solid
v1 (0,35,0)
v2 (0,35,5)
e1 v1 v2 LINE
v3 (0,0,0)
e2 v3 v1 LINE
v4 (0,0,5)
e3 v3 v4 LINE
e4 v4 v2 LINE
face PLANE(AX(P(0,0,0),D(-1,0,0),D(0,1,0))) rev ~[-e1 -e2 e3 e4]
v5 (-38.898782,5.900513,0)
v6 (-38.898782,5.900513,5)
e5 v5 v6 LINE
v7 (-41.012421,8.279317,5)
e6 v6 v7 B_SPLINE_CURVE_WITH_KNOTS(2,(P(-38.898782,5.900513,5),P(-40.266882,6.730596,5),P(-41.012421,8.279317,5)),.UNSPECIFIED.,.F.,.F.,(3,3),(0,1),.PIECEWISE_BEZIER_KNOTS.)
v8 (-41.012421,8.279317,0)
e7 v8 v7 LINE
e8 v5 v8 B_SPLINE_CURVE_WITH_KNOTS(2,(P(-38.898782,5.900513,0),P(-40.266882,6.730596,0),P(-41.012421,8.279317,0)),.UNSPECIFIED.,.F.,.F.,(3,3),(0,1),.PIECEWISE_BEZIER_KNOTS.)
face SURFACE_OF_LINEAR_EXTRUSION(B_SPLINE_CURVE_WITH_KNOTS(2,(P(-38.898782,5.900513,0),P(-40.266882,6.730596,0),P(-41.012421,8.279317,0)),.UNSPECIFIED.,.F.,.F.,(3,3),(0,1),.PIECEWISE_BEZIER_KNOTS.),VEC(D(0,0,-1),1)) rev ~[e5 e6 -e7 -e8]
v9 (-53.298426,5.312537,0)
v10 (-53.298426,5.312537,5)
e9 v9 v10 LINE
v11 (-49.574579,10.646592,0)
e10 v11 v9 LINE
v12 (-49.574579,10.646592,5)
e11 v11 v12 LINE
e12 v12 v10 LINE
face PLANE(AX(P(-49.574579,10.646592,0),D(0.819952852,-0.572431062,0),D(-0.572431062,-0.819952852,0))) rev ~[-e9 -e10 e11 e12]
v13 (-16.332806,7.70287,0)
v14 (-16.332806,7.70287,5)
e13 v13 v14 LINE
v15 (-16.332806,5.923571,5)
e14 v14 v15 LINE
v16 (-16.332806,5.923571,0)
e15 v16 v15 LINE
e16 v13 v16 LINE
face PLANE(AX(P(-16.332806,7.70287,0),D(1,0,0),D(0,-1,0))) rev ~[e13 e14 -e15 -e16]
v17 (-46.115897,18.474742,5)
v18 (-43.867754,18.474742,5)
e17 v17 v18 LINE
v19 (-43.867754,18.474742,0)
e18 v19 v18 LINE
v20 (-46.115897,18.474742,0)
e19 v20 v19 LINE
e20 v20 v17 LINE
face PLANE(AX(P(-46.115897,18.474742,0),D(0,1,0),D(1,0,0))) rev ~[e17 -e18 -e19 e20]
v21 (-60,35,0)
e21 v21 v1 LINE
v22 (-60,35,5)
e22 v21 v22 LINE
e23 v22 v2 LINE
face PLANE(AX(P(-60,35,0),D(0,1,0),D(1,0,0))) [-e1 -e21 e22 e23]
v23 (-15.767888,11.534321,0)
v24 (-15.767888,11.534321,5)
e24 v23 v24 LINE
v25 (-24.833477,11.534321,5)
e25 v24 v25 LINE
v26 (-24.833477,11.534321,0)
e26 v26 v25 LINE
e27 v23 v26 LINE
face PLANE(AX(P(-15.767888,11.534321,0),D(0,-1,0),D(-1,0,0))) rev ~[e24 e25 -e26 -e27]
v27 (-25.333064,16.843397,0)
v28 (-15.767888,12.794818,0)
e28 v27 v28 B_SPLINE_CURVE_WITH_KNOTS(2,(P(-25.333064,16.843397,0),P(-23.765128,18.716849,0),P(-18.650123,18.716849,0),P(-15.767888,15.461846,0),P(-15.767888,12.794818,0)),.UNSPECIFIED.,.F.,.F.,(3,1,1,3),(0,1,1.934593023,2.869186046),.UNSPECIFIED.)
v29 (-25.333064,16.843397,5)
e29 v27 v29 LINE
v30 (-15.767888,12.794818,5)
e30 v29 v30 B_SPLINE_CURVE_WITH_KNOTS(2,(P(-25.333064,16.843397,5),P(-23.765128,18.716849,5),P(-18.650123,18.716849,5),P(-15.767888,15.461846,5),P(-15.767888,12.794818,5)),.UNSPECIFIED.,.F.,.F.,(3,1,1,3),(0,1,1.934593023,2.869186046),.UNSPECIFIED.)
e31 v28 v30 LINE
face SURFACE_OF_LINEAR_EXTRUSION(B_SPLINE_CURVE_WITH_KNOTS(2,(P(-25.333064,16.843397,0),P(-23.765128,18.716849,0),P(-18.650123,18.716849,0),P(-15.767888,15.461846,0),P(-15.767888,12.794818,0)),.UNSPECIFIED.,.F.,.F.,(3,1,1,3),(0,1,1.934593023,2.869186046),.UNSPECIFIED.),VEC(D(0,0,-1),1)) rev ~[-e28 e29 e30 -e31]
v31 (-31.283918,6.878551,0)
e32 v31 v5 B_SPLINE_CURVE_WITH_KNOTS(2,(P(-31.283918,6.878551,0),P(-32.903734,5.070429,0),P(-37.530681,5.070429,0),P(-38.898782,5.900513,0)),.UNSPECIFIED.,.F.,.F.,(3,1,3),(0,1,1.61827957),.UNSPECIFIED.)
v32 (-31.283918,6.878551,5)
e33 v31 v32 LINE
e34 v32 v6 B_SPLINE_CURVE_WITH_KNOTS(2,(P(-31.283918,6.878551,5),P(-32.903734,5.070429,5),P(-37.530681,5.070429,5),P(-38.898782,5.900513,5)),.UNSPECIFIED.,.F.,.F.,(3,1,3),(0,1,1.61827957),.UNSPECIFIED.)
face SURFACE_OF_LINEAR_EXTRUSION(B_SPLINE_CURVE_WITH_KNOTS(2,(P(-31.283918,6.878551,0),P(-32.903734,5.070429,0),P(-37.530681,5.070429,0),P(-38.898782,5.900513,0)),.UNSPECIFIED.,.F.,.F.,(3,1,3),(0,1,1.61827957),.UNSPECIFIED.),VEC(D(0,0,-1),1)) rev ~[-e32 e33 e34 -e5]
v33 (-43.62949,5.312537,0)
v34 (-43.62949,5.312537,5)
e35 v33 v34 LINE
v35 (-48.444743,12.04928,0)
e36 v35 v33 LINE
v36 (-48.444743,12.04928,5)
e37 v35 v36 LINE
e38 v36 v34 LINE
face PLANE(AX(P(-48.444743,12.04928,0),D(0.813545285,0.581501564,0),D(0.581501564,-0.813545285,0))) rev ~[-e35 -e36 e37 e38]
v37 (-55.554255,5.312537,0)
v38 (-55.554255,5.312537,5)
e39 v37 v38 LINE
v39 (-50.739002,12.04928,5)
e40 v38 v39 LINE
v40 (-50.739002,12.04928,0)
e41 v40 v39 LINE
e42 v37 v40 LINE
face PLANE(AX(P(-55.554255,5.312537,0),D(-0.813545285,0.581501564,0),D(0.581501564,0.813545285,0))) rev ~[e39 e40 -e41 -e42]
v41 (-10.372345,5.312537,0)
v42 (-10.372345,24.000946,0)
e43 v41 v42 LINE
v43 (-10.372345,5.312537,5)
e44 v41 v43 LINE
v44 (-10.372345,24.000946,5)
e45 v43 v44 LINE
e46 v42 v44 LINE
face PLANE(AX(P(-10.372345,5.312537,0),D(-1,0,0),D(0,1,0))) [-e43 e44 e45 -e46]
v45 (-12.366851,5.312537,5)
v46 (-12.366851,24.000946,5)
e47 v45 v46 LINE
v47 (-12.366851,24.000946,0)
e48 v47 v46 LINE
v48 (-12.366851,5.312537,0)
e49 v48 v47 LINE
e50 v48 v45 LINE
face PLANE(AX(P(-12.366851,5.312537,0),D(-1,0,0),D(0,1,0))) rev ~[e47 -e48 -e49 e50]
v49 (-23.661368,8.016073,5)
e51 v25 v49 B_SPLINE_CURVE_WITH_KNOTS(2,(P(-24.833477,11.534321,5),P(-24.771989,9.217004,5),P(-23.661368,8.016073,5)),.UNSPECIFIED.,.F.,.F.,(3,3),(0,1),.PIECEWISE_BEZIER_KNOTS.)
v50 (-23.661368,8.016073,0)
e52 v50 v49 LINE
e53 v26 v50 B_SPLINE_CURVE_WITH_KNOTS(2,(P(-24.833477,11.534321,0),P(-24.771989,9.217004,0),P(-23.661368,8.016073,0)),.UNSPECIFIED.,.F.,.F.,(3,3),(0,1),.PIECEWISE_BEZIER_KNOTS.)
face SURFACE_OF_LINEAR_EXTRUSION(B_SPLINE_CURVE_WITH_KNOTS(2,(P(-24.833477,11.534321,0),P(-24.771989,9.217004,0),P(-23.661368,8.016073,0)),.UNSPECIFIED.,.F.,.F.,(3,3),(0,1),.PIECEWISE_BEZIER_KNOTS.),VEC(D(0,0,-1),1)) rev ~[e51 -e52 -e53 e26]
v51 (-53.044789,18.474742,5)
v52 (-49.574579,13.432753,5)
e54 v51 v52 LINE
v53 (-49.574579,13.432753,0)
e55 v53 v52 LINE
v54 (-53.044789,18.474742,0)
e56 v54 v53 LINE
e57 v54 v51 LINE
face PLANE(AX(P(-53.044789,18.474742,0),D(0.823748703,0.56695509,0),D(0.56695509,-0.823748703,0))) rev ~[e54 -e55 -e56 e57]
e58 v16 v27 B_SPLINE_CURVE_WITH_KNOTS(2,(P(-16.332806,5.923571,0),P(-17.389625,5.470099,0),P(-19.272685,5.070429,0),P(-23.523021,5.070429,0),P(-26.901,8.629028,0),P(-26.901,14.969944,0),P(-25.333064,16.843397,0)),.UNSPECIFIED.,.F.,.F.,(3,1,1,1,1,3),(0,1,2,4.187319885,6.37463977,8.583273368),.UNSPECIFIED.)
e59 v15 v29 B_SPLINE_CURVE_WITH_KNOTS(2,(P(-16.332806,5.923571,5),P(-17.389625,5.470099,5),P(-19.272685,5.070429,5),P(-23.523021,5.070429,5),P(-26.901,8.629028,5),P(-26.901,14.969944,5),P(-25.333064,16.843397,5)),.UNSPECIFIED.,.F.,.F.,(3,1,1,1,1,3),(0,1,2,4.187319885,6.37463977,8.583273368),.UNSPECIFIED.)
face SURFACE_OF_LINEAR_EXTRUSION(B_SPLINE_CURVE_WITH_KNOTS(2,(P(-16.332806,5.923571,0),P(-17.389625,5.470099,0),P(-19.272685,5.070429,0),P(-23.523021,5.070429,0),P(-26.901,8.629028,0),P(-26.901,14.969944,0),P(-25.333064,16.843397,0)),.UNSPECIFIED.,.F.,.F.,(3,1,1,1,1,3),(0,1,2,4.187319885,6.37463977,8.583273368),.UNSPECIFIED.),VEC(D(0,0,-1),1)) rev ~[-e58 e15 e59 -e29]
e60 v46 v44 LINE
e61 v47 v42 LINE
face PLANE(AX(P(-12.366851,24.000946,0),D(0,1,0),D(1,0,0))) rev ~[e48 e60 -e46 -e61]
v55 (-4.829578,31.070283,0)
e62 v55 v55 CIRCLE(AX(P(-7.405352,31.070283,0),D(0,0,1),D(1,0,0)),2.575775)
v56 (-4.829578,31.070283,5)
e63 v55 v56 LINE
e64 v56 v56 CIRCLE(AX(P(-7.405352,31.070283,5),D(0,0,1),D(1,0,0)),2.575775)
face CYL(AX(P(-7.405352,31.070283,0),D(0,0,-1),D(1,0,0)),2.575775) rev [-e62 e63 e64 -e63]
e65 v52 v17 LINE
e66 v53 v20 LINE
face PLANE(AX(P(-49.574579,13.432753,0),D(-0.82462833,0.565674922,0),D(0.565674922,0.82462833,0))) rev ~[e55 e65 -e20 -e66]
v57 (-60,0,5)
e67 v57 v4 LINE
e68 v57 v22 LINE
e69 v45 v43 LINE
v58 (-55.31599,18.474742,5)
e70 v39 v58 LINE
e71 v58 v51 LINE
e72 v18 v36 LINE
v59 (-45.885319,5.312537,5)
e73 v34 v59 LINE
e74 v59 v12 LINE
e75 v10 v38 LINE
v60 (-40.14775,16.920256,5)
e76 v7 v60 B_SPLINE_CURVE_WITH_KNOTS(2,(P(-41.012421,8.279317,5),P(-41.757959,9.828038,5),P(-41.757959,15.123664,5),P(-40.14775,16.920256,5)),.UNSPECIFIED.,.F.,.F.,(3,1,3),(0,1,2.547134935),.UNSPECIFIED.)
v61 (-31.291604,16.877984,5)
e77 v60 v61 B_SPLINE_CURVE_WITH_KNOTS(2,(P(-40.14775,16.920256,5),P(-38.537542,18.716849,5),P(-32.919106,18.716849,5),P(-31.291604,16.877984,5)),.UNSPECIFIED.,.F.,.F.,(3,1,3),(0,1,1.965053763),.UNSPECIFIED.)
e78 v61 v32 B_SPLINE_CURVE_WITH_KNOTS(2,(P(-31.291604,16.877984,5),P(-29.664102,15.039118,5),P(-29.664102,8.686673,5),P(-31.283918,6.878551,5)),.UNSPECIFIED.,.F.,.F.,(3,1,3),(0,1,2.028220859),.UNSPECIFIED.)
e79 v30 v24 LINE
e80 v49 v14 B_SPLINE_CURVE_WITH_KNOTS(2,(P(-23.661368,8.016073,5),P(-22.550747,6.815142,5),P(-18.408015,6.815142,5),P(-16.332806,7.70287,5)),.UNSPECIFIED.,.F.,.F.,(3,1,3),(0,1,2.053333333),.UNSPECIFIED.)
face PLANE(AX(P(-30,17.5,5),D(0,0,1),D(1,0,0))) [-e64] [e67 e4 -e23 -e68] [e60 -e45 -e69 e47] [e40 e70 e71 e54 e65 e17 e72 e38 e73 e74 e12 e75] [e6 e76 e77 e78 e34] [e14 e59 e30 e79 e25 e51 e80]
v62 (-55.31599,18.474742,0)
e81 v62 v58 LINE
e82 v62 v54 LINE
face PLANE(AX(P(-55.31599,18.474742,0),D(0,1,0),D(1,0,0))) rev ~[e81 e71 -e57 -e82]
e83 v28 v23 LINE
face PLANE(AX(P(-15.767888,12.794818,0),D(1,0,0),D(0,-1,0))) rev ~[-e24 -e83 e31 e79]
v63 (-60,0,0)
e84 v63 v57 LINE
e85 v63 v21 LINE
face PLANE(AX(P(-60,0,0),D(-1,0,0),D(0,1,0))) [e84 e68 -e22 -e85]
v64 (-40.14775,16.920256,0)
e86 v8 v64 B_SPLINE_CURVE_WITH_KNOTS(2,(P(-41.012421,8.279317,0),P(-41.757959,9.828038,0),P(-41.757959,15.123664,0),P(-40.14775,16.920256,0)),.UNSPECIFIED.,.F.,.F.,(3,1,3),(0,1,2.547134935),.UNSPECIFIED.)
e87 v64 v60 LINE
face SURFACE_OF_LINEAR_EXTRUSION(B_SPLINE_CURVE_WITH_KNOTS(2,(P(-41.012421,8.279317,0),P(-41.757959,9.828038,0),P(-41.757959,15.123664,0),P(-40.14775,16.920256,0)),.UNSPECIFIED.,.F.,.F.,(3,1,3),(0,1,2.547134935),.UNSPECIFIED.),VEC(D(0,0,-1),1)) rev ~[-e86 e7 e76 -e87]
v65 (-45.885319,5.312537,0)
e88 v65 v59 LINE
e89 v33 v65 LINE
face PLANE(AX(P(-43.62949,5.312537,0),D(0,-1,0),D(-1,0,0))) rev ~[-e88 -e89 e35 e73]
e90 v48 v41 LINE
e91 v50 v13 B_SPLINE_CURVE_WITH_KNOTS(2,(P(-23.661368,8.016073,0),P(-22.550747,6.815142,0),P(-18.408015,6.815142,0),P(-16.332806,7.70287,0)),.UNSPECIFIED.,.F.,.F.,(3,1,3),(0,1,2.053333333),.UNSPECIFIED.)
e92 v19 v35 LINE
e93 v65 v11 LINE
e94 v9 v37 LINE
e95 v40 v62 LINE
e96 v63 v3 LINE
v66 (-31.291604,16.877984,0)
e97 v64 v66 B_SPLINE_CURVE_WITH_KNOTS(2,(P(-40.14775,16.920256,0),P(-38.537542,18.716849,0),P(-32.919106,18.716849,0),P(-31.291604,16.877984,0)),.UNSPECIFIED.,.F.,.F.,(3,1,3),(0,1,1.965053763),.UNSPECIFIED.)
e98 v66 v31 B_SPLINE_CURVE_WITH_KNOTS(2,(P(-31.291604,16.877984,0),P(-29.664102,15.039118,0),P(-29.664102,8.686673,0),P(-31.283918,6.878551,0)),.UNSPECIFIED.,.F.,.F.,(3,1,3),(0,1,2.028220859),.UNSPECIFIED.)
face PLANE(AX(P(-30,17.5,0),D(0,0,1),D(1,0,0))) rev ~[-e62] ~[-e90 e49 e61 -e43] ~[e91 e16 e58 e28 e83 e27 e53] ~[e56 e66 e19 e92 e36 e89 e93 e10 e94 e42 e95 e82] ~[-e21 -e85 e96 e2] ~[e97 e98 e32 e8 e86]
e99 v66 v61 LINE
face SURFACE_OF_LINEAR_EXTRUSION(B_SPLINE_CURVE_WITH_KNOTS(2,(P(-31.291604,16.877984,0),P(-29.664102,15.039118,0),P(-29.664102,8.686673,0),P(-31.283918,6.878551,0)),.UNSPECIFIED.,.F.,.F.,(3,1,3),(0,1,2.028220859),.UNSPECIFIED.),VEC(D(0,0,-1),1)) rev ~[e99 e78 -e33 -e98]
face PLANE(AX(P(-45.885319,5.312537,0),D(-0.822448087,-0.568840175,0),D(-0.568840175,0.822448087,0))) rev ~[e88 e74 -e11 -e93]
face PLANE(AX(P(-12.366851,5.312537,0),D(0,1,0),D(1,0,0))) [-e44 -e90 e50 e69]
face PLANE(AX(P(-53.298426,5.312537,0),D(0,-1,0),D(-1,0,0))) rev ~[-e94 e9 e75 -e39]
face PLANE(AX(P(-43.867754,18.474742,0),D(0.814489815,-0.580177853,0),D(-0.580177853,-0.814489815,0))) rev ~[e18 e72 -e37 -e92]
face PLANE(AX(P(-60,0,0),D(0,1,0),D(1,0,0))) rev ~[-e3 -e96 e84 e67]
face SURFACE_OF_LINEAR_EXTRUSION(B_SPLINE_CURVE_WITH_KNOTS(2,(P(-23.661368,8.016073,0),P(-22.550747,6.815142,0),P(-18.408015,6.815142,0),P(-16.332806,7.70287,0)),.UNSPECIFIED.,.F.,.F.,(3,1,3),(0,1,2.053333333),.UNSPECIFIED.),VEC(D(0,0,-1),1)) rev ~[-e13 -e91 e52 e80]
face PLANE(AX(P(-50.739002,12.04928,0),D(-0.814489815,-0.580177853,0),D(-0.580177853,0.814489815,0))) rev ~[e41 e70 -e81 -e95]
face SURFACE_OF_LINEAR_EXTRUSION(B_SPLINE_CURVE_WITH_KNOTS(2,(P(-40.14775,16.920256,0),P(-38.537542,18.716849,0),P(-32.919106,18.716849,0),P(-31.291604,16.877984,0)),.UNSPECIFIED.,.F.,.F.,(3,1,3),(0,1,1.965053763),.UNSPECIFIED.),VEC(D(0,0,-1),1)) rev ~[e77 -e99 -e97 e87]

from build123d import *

# Parameters (mm, degrees)
F0_W     = 60
F0_H     = 35
F0_W_2   = 1.9945063705
F0_H_2   = 18.6884094019
F0_R     = 2.5757746771
F1_DEPTH = 5


with BuildPart() as f1:
    # F0 (on Top) → F1 (new body)
    with BuildSketch(Plane.XY):
        with Locations((-30, 17.5)):
            Rectangle(F0_W, F0_H)
        Polygon((-55.554255027, 5.3125368431), (-50.7390016895, 12.0492799403), (-55.3159902969, 18.4747416964), (-53.044789401, 18.4747416964), (-49.5745788952, 13.4327525672), (-46.1158973279, 18.4747416964), (-43.8677543092, 18.4747416964), (-48.4447429165, 12.0492799403), (-43.629489579, 5.3125368431), (-45.8853185567, 5.3125368431), (-49.5745788952, 10.6465924158), (-53.2984260493, 5.3125368431), align=None, mode=Mode.SUBTRACT)
        with BuildLine():
            add(Edge.make_bspline(
                [(-31.2916038326, 16.8779837062), (-29.6641020062, 15.0391180062), (-29.6641020062, 11.9070896981)],
                knots=[0, 0, 0, 1, 1, 1], degree=2))
            add(Edge.make_bspline(
                [(-29.6641020062, 11.9070896981), (-29.6641020062, 8.686672861), (-31.2839178735, 6.8785509972)],
                knots=[0, 0, 0, 1, 1, 1], degree=2))
            add(Edge.make_bspline(
                [(-31.2839178735, 6.8785509972), (-32.9037337409, 5.0704291334), (-35.7629105032, 5.0704291334)],
                knots=[0, 0, 0, 1, 1, 1], degree=2))
            add(Edge.make_bspline(
                [(-35.7629105032, 5.0704291334), (-37.530681082, 5.0704291334), (-38.8987817908, 5.9005127096)],
                knots=[0, 0, 0, 1, 1, 1], degree=2))
            add(Edge.make_bspline(
                [(-38.8987817908, 5.9005127096), (-40.2668824997, 6.7305962857), (-41.0124205264, 8.2793170319)],
                knots=[0, 0, 0, 1, 1, 1], degree=2))
            add(Edge.make_bspline(
                [(-41.0124205264, 8.2793170319), (-41.7579585531, 9.8280377782), (-41.7579585531, 11.9070896981)],
                knots=[0, 0, 0, 1, 1, 1], degree=2))
            add(Edge.make_bspline(
                [(-41.7579585531, 11.9070896981), (-41.7579585531, 15.1236635556), (-40.1477501346, 16.9202564809)],
                knots=[0, 0, 0, 1, 1, 1], degree=2))
            add(Edge.make_bspline(
                [(-40.1477501346, 16.9202564809), (-38.537541716, 18.7168494061), (-35.6783649537, 18.7168494061)],
                knots=[0, 0, 0, 1, 1, 1], degree=2))
            add(Edge.make_bspline(
                [(-35.6783649537, 18.7168494061), (-32.9191056589, 18.7168494061), (-31.2916038326, 16.8779837062)],
                knots=[0, 0, 0, 1, 1, 1], degree=2))
        make_face(mode=Mode.SUBTRACT)
        with BuildLine():
            add(Edge.make_bspline(
                [(-18.3311554041, 5.2702640684), (-19.2726853863, 5.0704291334), (-20.6061992794, 5.0704291334)],
                knots=[0, 0, 0, 1, 1, 1], degree=2))
            add(Edge.make_bspline(
                [(-20.6061992794, 5.0704291334), (-23.5230207345, 5.0704291334), (-25.2120102332, 6.8497286508)],
                knots=[0, 0, 0, 1, 1, 1], degree=2))
            add(Edge.make_bspline(
                [(-25.2120102332, 6.8497286508), (-26.9009997319, 8.6290281682), (-26.9009997319, 11.7841143535)],
                knots=[0, 0, 0, 1, 1, 1], degree=2))
            add(Edge.make_bspline(
                [(-26.9009997319, 11.7841143535), (-26.9009997319, 14.9699443749), (-25.333064088, 16.8433968905)],
                knots=[0, 0, 0, 1, 1, 1], degree=2))
            add(Edge.make_bspline(
                [(-25.333064088, 16.8433968905), (-23.7651284442, 18.7168494061), (-21.121158535, 18.7168494061)],
                knots=[0, 0, 0, 1, 1, 1], degree=2))
            add(Edge.make_bspline(
                [(-21.121158535, 18.7168494061), (-18.6501227042, 18.7168494061), (-17.2090053845, 17.0893475797)],
                knots=[0, 0, 0, 1, 1, 1], degree=2))
            add(Edge.make_bspline(
                [(-17.2090053845, 17.0893475797), (-15.7678880648, 15.4618457533), (-15.7678880648, 12.794817967)],
                knots=[0, 0, 0, 1, 1, 1], degree=2))
            Line((-15.7678880648, 12.794817967), (-15.7678880648, 11.5343206847))
            Line((-15.7678880648, 11.5343206847), (-24.8334767505, 11.5343206847))
            add(Edge.make_bspline(
                [(-24.8334767505, 11.5343206847), (-24.7719890782, 9.2170040346), (-23.6613679972, 8.0160729349)],
                knots=[0, 0, 0, 1, 1, 1], degree=2))
            add(Edge.make_bspline(
                [(-23.6613679972, 8.0160729349), (-22.5507469161, 6.8151418351), (-20.5331826686, 6.8151418351)],
                knots=[0, 0, 0, 1, 1, 1], degree=2))
            add(Edge.make_bspline(
                [(-20.5331826686, 6.8151418351), (-18.4080149944, 6.8151418351), (-16.3328060541, 7.7028701041)],
                knots=[0, 0, 0, 1, 1, 1], degree=2))
            Line((-16.3328060541, 7.7028701041), (-16.3328060541, 5.9235705867))
            add(Edge.make_bspline(
                [(-16.3328060541, 5.9235705867), (-17.3896254219, 5.4700990034), (-18.3311554041, 5.2702640684)],
                knots=[0, 0, 0, 1, 1, 1], degree=2))
        make_face(mode=Mode.SUBTRACT)
        with Locations((-11.369598005, 14.6567415441)):
            Rectangle(F0_W_2, F0_H_2, mode=Mode.SUBTRACT)
        with Locations((-7.4053523131, 31.0702826828)):
            Circle(F0_R, mode=Mode.SUBTRACT)
    extrude(amount=F1_DEPTH)


solid = f1.part
